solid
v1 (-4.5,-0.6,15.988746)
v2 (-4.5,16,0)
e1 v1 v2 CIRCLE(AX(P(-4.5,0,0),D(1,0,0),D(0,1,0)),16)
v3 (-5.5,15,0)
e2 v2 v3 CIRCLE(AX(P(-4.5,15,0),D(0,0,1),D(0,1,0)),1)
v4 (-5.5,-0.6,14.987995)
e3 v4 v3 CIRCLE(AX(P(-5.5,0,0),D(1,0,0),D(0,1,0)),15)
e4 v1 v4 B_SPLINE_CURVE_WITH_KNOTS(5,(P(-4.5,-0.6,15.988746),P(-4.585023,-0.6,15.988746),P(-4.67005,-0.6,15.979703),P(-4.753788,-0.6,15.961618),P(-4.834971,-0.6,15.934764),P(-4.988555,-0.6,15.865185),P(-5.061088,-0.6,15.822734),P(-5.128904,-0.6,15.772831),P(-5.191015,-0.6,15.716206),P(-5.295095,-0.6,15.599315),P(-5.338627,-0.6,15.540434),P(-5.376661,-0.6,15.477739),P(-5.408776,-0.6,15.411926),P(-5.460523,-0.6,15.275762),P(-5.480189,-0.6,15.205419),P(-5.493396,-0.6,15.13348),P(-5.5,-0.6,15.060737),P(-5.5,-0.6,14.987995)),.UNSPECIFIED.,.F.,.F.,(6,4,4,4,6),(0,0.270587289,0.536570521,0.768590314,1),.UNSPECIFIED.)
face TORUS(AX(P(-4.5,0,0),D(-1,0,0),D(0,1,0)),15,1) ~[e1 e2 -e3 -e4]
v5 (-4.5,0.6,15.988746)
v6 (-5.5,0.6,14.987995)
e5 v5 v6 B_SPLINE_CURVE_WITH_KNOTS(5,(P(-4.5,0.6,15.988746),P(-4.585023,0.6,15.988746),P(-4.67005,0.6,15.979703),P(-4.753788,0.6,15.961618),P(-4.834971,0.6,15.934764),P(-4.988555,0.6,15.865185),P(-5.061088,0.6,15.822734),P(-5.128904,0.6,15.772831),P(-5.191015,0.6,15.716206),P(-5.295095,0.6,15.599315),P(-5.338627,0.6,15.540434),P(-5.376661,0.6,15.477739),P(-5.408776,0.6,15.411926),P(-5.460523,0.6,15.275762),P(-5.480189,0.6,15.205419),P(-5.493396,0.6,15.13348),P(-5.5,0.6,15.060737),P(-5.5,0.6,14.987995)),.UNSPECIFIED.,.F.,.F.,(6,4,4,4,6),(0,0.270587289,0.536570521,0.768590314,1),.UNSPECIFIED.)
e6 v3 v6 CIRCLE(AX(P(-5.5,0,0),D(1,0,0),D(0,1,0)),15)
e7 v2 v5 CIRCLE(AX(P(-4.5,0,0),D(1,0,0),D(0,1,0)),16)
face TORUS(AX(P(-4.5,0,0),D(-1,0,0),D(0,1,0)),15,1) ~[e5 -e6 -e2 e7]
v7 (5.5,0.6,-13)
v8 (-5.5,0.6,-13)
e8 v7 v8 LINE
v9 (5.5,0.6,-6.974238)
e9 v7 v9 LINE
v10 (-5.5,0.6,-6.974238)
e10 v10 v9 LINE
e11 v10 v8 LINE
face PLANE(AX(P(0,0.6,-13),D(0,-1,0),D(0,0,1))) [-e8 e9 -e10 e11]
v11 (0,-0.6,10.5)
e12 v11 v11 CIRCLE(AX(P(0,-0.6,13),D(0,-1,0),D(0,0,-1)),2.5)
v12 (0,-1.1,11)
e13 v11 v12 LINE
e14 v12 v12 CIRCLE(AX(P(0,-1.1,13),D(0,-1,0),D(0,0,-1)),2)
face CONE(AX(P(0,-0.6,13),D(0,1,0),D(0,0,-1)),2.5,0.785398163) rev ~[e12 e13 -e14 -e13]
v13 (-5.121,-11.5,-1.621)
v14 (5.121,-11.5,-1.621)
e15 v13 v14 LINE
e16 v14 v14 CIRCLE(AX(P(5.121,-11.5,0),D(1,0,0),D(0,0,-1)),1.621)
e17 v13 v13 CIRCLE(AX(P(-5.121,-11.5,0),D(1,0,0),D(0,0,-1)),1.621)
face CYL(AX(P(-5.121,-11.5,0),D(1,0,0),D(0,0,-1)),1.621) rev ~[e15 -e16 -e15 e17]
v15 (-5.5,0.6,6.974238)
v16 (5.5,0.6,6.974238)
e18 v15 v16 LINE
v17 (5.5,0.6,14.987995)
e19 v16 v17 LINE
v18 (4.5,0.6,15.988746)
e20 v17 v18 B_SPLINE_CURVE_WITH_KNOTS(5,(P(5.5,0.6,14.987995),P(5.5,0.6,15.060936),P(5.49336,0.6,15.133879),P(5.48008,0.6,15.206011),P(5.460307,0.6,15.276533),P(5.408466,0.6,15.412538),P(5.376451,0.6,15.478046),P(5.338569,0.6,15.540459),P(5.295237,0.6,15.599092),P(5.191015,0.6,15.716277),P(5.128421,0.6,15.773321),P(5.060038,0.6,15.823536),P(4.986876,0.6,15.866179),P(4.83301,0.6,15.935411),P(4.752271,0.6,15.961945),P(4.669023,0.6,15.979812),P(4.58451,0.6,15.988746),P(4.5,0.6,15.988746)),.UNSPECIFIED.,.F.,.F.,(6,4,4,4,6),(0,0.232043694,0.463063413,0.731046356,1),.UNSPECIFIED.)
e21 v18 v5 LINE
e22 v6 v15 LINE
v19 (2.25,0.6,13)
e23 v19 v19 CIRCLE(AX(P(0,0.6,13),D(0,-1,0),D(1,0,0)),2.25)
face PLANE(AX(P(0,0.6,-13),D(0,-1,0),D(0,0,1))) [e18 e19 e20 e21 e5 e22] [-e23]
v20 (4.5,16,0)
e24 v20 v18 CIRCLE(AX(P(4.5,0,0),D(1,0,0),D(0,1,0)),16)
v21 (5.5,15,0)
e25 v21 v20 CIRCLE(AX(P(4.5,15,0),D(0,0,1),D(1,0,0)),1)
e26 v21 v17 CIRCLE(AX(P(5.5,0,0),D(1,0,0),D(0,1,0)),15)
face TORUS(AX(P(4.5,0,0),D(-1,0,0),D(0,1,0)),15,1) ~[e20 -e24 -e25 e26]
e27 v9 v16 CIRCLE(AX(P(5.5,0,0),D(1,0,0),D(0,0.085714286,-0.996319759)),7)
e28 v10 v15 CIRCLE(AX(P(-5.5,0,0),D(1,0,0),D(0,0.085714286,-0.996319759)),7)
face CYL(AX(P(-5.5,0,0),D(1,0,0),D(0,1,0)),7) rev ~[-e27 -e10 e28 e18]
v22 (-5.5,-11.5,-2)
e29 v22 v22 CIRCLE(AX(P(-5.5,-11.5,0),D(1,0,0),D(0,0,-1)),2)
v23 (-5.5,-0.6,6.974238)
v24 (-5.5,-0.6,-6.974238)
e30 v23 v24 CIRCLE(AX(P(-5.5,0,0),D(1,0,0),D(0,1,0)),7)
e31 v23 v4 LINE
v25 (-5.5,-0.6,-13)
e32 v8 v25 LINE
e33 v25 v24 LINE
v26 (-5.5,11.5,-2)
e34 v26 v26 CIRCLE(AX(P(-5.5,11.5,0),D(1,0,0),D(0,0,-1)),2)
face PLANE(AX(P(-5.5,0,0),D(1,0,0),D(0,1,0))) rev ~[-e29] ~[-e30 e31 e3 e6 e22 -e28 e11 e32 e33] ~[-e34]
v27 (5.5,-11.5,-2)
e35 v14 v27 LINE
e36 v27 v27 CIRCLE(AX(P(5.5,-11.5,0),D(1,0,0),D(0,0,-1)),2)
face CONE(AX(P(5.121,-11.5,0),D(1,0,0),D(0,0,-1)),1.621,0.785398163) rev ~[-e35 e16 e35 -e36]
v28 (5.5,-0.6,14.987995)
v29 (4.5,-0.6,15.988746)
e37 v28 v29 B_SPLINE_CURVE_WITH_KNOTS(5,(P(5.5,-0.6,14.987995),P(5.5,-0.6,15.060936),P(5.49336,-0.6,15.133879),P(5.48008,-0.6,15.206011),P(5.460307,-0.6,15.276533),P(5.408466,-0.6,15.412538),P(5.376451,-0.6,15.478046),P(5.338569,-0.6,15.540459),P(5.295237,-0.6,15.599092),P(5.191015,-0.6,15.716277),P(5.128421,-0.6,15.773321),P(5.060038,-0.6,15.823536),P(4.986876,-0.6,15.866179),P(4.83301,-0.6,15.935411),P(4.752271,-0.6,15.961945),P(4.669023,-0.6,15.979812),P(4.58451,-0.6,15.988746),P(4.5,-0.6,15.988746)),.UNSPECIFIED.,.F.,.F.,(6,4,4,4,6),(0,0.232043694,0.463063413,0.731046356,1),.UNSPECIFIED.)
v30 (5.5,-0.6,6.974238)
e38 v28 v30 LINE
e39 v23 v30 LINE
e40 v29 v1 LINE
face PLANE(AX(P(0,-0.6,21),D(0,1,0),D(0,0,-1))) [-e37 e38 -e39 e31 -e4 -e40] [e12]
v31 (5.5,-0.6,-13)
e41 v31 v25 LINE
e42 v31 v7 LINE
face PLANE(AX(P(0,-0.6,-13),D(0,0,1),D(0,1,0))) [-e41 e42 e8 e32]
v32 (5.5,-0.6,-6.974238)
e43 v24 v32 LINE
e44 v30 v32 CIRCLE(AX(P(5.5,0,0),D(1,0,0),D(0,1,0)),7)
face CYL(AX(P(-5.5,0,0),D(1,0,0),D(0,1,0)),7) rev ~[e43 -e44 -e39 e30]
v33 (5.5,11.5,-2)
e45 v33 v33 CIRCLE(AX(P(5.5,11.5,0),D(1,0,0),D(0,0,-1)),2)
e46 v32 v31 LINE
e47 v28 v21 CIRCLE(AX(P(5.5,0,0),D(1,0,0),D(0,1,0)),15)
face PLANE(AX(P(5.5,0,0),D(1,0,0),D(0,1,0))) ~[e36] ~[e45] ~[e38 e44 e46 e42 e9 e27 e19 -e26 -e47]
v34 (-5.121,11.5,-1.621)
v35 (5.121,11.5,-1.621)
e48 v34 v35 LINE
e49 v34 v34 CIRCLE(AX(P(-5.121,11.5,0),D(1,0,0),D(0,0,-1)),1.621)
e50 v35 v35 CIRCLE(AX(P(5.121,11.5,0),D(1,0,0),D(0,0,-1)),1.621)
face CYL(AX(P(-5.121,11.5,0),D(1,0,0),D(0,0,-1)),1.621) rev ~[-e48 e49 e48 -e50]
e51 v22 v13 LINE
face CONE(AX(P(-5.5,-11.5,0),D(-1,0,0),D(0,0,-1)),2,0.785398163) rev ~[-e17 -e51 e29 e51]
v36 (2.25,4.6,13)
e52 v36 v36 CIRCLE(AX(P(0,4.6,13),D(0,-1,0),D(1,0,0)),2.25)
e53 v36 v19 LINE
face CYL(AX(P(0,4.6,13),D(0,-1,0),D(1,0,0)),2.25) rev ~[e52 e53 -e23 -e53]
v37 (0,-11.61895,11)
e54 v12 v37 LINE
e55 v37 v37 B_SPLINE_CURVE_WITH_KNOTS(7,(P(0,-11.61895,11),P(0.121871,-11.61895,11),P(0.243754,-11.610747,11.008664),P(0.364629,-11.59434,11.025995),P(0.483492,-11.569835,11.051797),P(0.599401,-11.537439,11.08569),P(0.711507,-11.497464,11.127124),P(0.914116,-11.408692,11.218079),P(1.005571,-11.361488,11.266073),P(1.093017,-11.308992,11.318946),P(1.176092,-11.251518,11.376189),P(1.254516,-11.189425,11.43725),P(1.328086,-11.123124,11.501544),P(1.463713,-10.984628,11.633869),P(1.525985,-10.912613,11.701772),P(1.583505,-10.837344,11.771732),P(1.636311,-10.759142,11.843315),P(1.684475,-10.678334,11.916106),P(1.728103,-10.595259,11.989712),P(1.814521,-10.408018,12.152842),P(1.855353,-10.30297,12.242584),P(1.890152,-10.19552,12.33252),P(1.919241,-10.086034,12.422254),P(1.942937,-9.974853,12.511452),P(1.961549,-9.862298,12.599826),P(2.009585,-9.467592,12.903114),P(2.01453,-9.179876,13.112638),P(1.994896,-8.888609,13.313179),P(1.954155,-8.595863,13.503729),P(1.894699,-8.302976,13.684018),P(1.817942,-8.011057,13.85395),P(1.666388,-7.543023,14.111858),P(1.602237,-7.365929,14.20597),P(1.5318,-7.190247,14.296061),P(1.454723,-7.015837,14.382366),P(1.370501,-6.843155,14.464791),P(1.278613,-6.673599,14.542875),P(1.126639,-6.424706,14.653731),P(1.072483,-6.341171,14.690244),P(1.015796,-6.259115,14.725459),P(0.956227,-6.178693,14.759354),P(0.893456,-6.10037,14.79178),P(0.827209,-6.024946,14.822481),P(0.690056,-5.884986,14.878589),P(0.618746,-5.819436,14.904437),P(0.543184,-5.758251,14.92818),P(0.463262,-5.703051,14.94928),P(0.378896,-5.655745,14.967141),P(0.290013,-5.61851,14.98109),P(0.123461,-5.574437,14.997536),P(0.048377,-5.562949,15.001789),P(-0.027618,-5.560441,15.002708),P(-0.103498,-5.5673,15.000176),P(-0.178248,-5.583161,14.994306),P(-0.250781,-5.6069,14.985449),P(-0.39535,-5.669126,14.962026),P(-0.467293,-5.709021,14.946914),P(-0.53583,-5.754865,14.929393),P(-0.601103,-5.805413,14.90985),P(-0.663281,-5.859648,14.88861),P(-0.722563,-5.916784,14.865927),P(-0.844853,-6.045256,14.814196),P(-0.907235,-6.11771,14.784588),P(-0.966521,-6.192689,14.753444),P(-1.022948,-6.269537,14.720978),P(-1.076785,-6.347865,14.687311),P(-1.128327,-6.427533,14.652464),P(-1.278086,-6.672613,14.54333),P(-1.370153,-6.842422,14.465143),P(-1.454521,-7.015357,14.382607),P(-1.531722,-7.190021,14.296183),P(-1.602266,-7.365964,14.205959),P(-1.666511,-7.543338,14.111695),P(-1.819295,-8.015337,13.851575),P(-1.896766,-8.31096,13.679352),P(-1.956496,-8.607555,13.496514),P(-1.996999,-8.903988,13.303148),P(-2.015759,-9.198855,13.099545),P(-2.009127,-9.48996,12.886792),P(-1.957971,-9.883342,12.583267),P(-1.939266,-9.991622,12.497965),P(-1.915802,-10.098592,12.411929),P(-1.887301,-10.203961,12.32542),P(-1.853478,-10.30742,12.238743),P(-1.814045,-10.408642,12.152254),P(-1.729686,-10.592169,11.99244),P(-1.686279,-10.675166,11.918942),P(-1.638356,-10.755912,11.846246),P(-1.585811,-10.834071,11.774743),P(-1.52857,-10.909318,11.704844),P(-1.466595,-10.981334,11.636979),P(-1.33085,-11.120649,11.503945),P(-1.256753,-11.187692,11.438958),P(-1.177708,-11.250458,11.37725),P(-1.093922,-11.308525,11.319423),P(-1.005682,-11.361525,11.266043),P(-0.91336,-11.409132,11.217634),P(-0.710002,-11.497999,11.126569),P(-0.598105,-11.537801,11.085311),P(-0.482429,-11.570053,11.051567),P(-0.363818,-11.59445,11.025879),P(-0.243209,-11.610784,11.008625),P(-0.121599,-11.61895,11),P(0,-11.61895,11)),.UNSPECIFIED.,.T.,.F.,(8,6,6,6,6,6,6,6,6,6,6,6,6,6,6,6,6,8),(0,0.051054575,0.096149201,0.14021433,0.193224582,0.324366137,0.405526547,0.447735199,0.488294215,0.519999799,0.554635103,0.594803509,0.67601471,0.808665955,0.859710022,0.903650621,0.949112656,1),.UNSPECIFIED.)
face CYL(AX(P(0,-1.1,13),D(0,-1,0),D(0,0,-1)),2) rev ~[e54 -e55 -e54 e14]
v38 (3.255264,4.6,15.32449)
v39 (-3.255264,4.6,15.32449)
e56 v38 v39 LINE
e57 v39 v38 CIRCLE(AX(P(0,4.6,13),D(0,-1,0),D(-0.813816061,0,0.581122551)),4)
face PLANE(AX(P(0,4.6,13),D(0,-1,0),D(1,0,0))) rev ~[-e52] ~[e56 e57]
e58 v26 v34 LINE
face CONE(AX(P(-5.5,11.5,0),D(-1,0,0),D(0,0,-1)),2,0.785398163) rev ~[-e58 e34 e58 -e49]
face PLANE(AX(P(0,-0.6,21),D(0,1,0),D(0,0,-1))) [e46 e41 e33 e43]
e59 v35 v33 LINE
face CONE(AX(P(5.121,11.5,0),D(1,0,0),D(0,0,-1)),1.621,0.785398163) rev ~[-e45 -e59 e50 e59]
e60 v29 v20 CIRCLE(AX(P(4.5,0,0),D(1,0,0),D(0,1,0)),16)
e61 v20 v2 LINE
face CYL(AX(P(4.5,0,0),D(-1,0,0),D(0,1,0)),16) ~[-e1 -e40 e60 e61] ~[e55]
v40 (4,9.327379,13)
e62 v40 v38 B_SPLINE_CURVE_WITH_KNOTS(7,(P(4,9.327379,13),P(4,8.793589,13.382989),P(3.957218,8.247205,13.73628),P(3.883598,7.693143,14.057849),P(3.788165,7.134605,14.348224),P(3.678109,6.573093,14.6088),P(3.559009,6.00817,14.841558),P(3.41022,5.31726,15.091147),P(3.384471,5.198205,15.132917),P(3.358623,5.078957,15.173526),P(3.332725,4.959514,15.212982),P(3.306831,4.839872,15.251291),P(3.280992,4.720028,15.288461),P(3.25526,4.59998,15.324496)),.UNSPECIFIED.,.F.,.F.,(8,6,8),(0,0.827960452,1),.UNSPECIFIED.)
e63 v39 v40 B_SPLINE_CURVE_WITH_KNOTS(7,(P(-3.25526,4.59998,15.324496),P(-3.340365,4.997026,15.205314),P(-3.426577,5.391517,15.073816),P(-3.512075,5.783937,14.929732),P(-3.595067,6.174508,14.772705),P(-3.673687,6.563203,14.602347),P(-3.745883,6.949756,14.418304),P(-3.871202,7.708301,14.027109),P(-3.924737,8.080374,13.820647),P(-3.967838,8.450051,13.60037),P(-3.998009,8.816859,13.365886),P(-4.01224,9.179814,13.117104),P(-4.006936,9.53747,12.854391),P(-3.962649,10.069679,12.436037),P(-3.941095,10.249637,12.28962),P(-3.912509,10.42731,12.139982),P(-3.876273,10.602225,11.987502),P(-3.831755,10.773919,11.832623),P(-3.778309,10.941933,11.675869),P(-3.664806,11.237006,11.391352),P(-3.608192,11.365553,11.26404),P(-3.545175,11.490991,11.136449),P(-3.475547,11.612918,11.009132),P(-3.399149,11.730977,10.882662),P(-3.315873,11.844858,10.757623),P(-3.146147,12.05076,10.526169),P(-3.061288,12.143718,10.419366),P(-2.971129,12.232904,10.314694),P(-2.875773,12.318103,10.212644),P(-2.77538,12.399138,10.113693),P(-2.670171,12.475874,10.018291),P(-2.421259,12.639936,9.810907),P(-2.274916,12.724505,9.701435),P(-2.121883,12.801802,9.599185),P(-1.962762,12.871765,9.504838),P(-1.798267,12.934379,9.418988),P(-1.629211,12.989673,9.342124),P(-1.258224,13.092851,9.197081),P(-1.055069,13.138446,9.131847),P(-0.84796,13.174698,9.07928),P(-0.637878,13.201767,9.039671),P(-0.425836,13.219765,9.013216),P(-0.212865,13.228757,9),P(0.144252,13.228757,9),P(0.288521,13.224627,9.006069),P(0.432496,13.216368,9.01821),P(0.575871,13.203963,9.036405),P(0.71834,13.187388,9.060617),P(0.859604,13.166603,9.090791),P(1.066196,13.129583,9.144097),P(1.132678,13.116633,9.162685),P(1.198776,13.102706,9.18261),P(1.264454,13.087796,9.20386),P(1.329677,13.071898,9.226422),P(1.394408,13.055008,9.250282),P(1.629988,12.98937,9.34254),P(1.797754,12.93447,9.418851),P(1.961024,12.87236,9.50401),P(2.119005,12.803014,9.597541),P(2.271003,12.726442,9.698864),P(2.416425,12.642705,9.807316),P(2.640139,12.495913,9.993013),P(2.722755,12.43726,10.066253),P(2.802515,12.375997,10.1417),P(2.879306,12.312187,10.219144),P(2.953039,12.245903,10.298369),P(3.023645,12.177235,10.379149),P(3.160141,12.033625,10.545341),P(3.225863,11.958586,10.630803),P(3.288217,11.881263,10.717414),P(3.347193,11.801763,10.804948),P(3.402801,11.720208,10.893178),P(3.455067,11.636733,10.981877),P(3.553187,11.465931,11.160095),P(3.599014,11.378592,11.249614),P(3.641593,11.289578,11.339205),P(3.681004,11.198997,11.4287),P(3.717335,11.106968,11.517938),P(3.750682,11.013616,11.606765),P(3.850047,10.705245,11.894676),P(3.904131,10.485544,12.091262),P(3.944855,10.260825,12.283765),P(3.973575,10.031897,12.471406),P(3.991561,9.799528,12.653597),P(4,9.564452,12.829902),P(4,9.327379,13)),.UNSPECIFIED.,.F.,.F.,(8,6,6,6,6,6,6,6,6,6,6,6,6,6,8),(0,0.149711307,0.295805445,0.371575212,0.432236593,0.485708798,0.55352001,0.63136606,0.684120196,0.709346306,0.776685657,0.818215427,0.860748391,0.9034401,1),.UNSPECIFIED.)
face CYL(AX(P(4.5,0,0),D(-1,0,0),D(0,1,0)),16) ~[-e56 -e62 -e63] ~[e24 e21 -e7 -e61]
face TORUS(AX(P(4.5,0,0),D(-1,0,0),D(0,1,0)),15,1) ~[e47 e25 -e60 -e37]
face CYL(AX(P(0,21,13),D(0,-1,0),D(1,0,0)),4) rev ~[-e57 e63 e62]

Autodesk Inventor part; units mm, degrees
sketch "Skizze_1" plane through (0, 0, 0) normal (0, 0, 1) x (1, 0, 0)
  line L0 (5.5, 0) -> (-5.5, 0)
  line L1 (-5.5, 15) -> (-5.5, 7)
  line L2 (-5.5, 7) -> (5.5, 7)
  line L3 (5.5, 7) -> (5.5, 15)
  arc A0 (5.5, 15) -> (4.5, 16) centre (4.5, 15) ccw
  line L4 (4.5, 16) -> (-4.5, 16)
  arc A1 (-4.5, 16) -> (-5.5, 15) centre (-4.5, 15) ccw
revolve "Revolution1" add sketch "Skizze_1" angle 360 about axis through (5.5, 0, 0) along (1, 0, 0)
sketch "Sketch_4" plane through (0, 0, 0) normal (1, 0, 0) x (0, 0, -1)
  line L0 (-21, 0.6) -> (-21, -0.6)
  line L1 (-21, -0.6) -> (13, -0.6)
  line L2 (13, -0.6) -> (13, 0.6)
  line L3 (13, 0.6) -> (-21, 0.6)
extrude "Extrusion1" cut sketch "Sketch_4" along normal mid plane 22
sketch "Sketch_6" plane through (0, 0, 13) normal (0, 0, 1) x (1, 0, 0)
  line L0 (0, 0) -> (0, 21)
  line L1 (0, 21) -> (4, 21)
  line L2 (4, 21) -> (4, 4.6)
  line L3 (4, 4.6) -> (2.25, 4.6)
  line L4 (2.25, 4.6) -> (2.25, 0)
  line L5 (2.25, 0) -> (0, 0)
  line L6 (0, 0) -> (0, 21)
revolve "Revolution2" cut sketch "Sketch_6" angle 360 about axis through (0, 0, 13) along (0, -1, 0)
sketch "Sketch_2" plane through (0, 11.5, 0) normal (0, 1, 0) x (1, 0, 0)
  line L0 (5.5, 0) -> (-5.5, 0)
  line L1 (-5.5, 0) -> (-5.5, 2)
  line L2 (-5.5, 2) -> (-5.121, 1.621)
  line L3 (-5.121, 1.621) -> (5.121, 1.621)
  line L4 (5.121, 1.621) -> (5.5, 2)
  line L5 (5.5, 2) -> (5.5, 0)
  line L6 (5.5, 0) -> (-5.5, 0)
revolve "Revolution3" cut sketch "Sketch_2" angle 360 about axis through (5.5, 11.5, 0) along (1, 0, 0)
thread "Thread1" size "M4x0.7" class "6H" standard "ISO Metric profile" full length
sketch "Sketch_3" plane through (0, -11.5, 0) normal (0, 1, 0) x (1, 0, 0)
  line L0 (5.5, 0) -> (-5.5, 0)
  line L1 (-5.5, 0) -> (-5.5, 2)
  line L2 (-5.5, 2) -> (-5.121, 1.621)
  line L3 (-5.121, 1.621) -> (5.121, 1.621)
  line L4 (5.121, 1.621) -> (5.5, 2)
  line L5 (5.5, 2) -> (5.5, 0)
  line L6 (5.5, 0) -> (-5.5, 0)
revolve "Revolution4" cut sketch "Sketch_3" angle 360 about axis through (5.5, -11.5, 0) along (1, 0, 0)
thread "Thread2" size "M4x0.7" class "6H" standard "ISO Metric profile" full length
sketch "Sketch_1" plane through (0, 0, 0) normal (1, 0, 0) x (0, 0, -1)
  line L0 (-13, -9.5555) -> (-13, -0.6)
  line L1 (-13, -0.6) -> (-10.5, -0.6)
  line L2 (-10.5, -0.6) -> (-11, -1.1)
  line L3 (-11, -1.1) -> (-11, -11.8471)
  line L4 (-11, -11.8471) -> (-13, -9.5555)
  line L5 (-13, -9.5555) -> (-13, -0.6)
revolve "Revolution5" cut sketch "Sketch_1" angle 360 about axis through (0, -9.5555, 13) along (0, -1, 0)
ref_plane "D2X1_XY" through (5.5, 16, 0) normal (0, 0, 1) x (1, 0, 0)
ref_plane "D2X1_YZ" through (5.5, 16, 0) normal (1, 0, 0) x (0, 1, 0)
ref_plane "D2X1_ZX" through (5.5, 16, 0) normal (0, 1, 0) x (0, 0, 1)
ref_plane "D2X2_XY" through (5.5, -16, 0) normal (0, 0, 1) x (1, 0, 0)
ref_plane "D2X2_YZ" through (5.5, -16, 0) normal (1, 0, 0) x (0, 1, 0)
ref_plane "D2X2_ZX" through (5.5, -16, 0) normal (0, 1, 0) x (0, 0, 1)
ref_plane "schraubenkopf_XY" through (0, 4.6, 13) normal (0, 1, 0) x (1, 0, 0)
ref_plane "schraubenkopf_YZ" through (0, 4.6, 13) normal (1, 0, 0) x (0, 0, -1)
ref_plane "schraubenkopf_ZX" through (0, 4.6, 13) normal (0, 0, -1) x (0, 1, 0)
properties part number "62311400GA_1"
